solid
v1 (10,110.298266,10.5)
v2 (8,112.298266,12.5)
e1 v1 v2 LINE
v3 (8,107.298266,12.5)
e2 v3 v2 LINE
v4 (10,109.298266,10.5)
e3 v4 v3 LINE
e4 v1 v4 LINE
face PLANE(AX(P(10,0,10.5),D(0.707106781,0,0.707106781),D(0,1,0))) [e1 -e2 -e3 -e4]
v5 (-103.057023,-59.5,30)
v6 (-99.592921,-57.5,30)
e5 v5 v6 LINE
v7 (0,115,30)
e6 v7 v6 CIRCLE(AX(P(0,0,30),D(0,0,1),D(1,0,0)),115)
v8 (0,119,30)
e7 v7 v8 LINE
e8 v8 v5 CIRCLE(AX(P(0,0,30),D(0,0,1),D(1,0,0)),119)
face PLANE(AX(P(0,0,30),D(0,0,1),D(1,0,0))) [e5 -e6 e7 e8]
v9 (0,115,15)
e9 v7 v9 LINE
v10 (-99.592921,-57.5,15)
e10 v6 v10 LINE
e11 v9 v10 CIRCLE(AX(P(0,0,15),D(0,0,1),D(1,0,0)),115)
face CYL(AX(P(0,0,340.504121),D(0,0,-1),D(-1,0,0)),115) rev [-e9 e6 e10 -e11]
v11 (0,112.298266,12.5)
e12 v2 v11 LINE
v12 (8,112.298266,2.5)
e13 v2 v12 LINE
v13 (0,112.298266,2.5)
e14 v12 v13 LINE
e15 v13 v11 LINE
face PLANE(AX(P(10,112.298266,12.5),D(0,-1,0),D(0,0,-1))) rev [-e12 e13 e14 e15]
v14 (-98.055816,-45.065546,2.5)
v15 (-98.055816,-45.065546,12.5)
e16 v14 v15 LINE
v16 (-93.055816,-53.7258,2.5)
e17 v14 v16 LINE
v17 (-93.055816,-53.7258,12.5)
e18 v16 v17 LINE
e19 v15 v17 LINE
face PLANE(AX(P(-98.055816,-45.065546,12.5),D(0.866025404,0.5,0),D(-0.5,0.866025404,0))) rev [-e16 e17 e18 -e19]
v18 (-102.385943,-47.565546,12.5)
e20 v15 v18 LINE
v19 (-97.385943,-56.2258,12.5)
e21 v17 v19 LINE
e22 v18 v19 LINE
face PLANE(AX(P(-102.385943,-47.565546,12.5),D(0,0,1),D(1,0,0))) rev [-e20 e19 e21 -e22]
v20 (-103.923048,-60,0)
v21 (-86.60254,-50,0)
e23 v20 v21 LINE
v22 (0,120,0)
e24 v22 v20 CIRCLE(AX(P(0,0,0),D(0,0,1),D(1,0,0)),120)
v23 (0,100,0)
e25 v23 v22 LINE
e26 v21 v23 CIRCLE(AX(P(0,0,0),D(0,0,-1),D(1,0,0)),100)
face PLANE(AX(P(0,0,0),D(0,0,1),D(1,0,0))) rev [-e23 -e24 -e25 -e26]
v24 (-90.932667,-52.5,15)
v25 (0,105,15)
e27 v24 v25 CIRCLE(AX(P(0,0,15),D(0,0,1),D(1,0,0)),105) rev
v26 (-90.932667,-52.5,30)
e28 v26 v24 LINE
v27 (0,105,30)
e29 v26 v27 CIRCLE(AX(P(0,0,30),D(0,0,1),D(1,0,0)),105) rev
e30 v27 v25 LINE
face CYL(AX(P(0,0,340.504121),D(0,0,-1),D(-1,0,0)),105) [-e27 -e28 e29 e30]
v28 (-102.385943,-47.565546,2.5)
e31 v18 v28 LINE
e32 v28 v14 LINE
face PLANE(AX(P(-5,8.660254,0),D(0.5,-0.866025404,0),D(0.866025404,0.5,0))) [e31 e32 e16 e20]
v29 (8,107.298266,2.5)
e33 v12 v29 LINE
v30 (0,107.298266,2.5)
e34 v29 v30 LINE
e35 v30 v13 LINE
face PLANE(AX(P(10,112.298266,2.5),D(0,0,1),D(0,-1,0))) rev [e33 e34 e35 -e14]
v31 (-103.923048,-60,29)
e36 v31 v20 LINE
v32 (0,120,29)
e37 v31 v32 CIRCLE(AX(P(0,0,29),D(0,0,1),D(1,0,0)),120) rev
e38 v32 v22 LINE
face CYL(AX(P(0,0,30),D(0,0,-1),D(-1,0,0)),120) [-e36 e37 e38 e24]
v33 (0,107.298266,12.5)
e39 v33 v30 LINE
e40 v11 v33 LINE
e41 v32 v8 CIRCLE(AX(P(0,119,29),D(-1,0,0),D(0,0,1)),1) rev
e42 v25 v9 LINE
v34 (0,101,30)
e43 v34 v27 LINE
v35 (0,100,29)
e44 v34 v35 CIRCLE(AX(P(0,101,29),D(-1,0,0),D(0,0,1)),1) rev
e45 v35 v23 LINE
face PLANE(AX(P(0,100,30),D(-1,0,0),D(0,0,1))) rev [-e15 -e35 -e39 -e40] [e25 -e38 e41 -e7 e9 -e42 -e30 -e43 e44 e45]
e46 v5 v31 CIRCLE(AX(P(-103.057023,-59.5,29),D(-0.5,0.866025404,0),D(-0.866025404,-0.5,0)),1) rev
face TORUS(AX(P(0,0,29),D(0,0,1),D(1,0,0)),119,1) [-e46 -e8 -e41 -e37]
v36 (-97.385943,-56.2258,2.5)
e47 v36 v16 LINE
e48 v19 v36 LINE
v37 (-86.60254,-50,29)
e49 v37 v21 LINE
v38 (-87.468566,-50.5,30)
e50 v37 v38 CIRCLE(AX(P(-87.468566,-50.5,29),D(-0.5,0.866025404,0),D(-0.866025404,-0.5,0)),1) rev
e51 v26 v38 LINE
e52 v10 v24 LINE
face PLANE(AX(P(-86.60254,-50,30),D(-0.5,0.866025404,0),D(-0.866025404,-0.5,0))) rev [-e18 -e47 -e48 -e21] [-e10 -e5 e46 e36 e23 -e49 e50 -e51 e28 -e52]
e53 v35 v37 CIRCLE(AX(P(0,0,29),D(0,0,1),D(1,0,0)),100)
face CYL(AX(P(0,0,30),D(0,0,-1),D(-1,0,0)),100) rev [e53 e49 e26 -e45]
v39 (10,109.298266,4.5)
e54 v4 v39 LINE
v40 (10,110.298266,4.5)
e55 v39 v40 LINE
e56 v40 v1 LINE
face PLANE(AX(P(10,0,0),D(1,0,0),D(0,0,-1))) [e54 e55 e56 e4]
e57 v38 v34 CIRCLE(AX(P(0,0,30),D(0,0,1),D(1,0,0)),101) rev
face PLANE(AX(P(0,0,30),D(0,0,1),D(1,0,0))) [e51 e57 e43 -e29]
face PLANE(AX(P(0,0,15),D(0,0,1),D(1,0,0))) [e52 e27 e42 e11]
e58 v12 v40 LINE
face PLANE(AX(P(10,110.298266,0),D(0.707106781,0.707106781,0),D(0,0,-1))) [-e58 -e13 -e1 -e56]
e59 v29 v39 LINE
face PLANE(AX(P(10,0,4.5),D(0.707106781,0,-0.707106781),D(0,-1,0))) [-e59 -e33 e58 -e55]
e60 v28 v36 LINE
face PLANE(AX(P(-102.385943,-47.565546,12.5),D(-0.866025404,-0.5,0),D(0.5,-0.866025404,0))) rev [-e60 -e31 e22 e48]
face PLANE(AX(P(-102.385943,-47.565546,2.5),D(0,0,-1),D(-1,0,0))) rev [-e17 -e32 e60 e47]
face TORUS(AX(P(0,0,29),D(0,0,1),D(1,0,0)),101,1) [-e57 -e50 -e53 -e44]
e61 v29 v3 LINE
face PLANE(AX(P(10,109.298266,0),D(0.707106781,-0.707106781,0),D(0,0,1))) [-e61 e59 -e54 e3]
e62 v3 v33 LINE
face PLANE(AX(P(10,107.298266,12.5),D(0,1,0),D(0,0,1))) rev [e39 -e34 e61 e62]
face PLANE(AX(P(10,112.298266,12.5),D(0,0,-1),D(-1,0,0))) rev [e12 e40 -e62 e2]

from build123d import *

# Parameters (mm, degrees)
BOSS_EXTRUDE2_DEPTH     = 30
CUT_EXTRUDE1_DEPTH      = 173.336879396
CUT_EXTRUDE1_DEPTH_BACK = 15
SKETCH4_W               = 10
SKETCH4_H               = 5
BOSS_EXTRUDE3_DEPTH     = 10
CHAMFER1_SIZE           = 2
SKETCH6_W               = 5
SKETCH6_H               = 10
CUT_EXTRUDE2_DEPTH      = 10
FILLET1_R               = 1


with BuildPart() as part:
    # Sketch1 → Boss-Extrude2 (new body)
    with BuildSketch(Plane.XY):
        with BuildLine():
            Line((0, 100), (0, 120))
            ThreePointArc((0, 120), (-103.923048454, 60), (-103.923048454, -60))
            Line((-103.923048454, -60), (-86.602540378, -50))
            ThreePointArc((-86.602540378, -50), (-86.602540378, 50), (0, 100))
        make_face()
    extrude(amount=BOSS_EXTRUDE2_DEPTH)

    # Sketch3 → Cut-Extrude1 (cut, two sides: drawn at the far end of the back side and taken through both)
    with BuildSketch(Plane.XY.offset(30).offset(-CUT_EXTRUDE1_DEPTH_BACK)):
        with BuildLine():
            ThreePointArc((-90.932667397, -52.5), (-90.932667397, 52.5), (0, 105))
            Line((0, 105), (0, 115))
            ThreePointArc((0, 115), (-99.592921435, 57.5), (-99.592921435, -57.5))
            Line((-99.592921435, -57.5), (-90.932667397, -52.5))
        make_face()
    extrude(amount=CUT_EXTRUDE1_DEPTH + CUT_EXTRUDE1_DEPTH_BACK, mode=Mode.SUBTRACT)

    # Sketch4 → Boss-Extrude3 (add)
    with BuildSketch(Plane(origin=(0, 0, 0), x_dir=(0, 0, -1), z_dir=(1, 0, 0))):
        with Locations((-7.5, 109.798266437)):
            Rectangle(SKETCH4_W, SKETCH4_H)
    extrude(amount=BOSS_EXTRUDE3_DEPTH)

    # Chamfer1
    chamfer1_edges = [part.edges().sort_by_distance(p)[0] for p in [
        (10, 109.798266437, 2.5),
        (10, 112.298266437, 7.5),
        (10, 109.798266437, 12.5),
        (10, 107.298266437, 7.5),
    ]]
    chamfer(chamfer1_edges, length=CHAMFER1_SIZE)

    # Sketch6 → Cut-Extrude2 (cut)
    with BuildSketch(Plane(origin=(0, 0, 0), x_dir=(0.8660254037844363, 0.5000000000000042, 0), z_dir=(0.5000000000000041, -0.8660254037844362, 0))):
        with Locations((-109.951600937, 7.5)):
            Rectangle(SKETCH6_W, SKETCH6_H)
    extrude(amount=-CUT_EXTRUDE2_DEPTH, mode=Mode.SUBTRACT)

    # Fillet1
    fillet1_edges = [part.edges().sort_by_distance(p)[0] for p in [
        (-86.602540378, 50, 30),
        (-103.923048454, 60, 30),
    ]]
    fillet(fillet1_edges, radius=FILLET1_R)


solid = part.part
